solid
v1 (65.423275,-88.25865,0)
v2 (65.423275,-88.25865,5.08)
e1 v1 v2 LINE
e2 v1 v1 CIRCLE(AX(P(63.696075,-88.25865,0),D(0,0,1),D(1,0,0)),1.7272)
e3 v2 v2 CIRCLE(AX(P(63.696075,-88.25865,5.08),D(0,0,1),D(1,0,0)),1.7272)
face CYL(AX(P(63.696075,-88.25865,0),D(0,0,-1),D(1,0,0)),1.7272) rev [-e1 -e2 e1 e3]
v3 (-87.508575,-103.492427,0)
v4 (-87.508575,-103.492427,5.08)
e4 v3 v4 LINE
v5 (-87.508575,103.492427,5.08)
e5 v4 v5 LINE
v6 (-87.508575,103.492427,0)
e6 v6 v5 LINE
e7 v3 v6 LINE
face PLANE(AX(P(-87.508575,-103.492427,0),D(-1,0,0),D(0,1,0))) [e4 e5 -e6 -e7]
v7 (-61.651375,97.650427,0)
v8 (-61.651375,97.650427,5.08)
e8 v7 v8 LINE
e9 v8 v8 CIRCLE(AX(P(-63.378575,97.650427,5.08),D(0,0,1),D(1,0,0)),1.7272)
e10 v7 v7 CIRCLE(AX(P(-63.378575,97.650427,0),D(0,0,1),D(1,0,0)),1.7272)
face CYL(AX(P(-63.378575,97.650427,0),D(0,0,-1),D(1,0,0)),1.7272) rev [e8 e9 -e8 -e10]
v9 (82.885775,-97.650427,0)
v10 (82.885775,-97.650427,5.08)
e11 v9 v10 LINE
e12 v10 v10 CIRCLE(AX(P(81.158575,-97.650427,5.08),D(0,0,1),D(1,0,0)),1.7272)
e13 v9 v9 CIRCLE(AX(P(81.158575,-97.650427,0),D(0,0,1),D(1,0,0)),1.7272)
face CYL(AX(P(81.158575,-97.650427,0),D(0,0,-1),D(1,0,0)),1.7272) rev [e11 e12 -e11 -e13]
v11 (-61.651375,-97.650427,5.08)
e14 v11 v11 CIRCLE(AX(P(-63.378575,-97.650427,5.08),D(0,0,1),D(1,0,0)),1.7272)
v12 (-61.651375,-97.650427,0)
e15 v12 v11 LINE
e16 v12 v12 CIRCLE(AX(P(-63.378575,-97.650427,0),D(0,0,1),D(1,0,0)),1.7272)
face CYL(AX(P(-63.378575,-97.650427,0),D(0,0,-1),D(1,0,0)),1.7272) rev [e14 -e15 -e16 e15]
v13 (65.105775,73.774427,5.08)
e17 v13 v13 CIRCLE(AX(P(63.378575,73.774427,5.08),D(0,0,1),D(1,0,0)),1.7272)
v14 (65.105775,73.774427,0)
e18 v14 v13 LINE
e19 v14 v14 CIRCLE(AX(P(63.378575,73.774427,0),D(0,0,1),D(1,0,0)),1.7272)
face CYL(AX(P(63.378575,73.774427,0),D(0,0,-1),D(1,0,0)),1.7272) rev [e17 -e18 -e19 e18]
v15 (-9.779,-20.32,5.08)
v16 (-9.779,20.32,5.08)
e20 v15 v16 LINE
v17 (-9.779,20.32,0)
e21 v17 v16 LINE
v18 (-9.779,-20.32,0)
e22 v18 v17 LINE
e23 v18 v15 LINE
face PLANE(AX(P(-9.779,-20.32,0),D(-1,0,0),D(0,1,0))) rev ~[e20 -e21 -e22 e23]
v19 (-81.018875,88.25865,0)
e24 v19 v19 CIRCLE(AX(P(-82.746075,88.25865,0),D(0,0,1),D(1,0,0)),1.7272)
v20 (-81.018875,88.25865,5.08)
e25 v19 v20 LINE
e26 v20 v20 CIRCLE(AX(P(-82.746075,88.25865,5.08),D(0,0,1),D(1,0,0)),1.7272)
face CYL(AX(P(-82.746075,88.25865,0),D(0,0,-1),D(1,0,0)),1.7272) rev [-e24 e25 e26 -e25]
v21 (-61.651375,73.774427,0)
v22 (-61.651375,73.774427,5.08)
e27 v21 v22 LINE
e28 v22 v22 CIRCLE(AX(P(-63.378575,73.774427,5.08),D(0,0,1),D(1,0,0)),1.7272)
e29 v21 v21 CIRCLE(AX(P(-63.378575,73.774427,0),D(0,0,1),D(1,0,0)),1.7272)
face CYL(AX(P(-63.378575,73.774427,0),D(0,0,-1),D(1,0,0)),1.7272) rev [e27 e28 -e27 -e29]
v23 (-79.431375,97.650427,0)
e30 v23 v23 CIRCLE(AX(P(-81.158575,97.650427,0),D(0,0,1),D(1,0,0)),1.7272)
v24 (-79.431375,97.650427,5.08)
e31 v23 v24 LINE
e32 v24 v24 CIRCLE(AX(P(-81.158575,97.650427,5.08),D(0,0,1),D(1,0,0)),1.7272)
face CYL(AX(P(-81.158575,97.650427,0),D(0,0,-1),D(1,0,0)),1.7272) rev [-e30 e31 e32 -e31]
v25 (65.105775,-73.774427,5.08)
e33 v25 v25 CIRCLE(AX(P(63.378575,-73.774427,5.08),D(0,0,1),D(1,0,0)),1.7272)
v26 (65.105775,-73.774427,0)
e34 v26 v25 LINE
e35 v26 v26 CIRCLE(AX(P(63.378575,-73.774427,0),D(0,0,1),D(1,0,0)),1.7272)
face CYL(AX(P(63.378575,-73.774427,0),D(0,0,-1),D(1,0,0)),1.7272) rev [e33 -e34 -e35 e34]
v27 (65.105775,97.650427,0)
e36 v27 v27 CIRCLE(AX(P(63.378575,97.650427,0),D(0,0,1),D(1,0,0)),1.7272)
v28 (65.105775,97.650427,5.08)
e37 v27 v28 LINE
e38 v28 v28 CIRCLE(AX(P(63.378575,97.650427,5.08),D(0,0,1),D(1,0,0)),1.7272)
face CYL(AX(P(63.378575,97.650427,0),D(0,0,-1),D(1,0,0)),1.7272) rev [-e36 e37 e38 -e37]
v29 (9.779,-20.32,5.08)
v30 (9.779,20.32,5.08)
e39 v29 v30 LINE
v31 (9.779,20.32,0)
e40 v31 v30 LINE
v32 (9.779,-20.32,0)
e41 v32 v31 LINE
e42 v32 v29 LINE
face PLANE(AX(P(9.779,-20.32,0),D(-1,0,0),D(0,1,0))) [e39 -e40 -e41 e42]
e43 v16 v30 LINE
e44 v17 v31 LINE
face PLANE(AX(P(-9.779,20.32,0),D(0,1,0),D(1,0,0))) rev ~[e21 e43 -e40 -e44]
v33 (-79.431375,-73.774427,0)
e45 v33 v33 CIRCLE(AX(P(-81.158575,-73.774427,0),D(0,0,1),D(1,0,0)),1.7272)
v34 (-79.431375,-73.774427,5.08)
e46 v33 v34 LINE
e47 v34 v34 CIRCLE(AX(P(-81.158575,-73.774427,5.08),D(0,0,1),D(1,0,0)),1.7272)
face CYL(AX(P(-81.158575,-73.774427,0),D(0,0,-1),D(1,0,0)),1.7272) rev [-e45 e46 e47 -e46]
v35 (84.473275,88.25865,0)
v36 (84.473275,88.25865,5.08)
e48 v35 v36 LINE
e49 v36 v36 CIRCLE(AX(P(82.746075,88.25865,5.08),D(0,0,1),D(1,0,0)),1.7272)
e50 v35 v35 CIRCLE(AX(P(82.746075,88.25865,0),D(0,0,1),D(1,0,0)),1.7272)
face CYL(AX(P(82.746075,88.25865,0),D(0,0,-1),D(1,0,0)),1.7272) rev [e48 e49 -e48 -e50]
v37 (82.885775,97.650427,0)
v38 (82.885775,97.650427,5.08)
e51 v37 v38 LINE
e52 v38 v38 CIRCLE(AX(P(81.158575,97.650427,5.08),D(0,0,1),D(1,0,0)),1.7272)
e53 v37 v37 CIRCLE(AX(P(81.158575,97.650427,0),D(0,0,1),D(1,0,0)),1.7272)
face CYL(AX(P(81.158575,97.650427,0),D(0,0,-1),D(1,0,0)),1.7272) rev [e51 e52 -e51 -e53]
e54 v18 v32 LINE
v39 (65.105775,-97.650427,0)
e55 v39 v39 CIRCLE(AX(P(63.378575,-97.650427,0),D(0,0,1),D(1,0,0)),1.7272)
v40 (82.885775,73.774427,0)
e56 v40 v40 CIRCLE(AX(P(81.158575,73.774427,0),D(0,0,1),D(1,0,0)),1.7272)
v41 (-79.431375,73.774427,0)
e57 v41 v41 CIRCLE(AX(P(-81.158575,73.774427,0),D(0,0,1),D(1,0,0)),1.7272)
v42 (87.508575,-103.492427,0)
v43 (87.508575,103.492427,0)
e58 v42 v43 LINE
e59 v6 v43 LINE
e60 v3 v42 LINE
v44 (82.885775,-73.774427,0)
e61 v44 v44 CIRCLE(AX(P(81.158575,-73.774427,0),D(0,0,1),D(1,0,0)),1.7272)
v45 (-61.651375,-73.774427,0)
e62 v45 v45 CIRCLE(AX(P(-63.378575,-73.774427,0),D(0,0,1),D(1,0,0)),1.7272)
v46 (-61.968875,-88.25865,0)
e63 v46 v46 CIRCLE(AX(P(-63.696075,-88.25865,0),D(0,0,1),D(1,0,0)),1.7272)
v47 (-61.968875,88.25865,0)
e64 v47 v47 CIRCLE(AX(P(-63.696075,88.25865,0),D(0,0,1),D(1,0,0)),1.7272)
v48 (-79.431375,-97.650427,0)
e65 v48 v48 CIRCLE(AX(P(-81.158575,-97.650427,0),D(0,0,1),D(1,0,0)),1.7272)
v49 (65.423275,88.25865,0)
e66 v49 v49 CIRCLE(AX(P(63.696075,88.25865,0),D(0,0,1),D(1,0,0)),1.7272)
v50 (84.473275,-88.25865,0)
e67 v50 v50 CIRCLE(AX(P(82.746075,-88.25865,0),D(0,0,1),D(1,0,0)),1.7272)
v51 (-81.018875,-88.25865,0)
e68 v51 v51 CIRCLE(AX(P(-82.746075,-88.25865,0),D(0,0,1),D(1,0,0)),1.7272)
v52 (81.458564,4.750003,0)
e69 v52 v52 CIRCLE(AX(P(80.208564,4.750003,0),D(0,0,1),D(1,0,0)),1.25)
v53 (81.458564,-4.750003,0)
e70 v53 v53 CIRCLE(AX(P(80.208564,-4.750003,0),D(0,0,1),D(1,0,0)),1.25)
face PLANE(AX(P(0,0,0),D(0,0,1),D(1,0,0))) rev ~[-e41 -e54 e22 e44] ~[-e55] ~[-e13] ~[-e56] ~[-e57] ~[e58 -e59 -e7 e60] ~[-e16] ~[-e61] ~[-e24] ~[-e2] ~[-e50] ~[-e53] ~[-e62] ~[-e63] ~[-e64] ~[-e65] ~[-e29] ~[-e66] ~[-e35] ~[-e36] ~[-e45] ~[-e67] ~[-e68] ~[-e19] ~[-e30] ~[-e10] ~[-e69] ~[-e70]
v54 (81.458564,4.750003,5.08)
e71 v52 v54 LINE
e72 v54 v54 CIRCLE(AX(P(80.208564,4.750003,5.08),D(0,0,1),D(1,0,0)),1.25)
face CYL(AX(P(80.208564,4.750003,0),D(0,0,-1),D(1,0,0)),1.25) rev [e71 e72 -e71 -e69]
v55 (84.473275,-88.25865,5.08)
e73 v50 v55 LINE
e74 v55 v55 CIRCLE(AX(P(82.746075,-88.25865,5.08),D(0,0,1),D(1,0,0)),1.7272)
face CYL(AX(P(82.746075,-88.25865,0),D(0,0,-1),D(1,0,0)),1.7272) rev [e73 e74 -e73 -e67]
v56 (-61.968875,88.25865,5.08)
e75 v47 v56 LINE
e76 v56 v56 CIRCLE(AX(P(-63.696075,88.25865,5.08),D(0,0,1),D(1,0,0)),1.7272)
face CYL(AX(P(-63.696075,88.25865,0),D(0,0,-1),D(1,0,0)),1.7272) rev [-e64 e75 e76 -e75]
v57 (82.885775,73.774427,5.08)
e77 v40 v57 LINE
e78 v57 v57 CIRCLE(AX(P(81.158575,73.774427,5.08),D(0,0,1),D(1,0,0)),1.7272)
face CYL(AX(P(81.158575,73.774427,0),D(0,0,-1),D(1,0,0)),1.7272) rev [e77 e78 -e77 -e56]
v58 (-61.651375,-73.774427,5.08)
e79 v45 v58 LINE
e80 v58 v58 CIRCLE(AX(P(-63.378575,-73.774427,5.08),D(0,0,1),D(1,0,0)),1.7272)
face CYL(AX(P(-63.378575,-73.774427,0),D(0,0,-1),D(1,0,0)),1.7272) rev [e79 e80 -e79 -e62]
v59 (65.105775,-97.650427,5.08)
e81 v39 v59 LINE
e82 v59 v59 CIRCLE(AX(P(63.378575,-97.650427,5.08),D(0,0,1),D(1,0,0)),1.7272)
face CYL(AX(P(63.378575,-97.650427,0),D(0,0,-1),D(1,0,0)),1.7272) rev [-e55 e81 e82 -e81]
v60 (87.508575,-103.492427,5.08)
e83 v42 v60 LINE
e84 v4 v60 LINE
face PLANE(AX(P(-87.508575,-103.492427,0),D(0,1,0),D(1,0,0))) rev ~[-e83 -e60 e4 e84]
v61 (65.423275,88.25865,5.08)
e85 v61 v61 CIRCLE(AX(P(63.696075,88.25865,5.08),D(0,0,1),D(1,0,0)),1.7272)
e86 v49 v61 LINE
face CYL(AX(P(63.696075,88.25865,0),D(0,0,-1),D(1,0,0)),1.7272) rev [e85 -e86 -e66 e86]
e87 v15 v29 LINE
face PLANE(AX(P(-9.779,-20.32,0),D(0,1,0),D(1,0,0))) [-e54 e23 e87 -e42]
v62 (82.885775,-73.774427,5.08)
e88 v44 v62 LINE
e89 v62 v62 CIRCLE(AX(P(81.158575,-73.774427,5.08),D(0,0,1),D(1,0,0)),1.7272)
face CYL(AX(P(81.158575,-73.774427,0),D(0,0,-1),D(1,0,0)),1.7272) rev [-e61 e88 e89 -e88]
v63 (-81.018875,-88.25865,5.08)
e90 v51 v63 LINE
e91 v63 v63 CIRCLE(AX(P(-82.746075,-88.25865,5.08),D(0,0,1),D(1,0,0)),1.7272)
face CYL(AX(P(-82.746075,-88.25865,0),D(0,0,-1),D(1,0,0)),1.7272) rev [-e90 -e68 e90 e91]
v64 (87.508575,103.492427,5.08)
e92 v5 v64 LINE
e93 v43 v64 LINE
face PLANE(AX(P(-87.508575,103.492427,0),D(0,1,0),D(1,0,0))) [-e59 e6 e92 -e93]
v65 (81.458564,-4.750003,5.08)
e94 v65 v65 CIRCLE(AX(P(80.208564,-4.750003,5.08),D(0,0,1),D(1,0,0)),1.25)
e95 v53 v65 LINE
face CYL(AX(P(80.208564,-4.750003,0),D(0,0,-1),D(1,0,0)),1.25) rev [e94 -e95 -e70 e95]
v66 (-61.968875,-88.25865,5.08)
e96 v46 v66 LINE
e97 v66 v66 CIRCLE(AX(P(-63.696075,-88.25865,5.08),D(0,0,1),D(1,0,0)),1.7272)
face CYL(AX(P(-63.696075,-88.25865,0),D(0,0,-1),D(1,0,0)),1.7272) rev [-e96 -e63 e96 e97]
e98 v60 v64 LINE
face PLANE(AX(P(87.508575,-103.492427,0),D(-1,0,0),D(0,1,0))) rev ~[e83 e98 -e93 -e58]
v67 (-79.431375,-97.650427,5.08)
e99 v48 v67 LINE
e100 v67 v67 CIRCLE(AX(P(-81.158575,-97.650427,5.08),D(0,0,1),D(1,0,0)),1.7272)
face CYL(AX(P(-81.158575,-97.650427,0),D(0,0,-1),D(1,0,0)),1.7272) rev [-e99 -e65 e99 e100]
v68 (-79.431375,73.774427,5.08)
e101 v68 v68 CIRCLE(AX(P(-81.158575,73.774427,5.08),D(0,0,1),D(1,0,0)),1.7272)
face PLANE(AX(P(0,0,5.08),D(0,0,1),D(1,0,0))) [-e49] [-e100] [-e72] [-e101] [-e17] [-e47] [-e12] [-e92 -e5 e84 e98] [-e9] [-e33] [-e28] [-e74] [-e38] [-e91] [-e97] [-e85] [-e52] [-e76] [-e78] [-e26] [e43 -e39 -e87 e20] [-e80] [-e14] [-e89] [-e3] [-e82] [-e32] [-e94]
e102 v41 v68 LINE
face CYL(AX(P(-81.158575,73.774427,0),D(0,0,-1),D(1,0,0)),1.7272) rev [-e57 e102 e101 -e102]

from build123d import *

# Parameters (mm, degrees)
F0_W     = 175.01715
F0_H     = 206.984854
F0_R     = 1.7272
F0_W_2   = 19.558
F0_H_2   = 40.64
F0_R_2   = 1.25
F1_DEPTH = 5.08


with BuildPart() as f1:
    # F0 (on Top) → F1 (new body)
    with BuildSketch(Plane.XY):
        Rectangle(F0_W, F0_H)
        with Locations((-81.158575, -97.650427)):
            Circle(F0_R, mode=Mode.SUBTRACT)
        with Locations((-82.746075, -88.25865)):
            Circle(F0_R, mode=Mode.SUBTRACT)
        with Locations((-63.378575, -97.650427)):
            Circle(F0_R, mode=Mode.SUBTRACT)
        with Locations((-63.696075, -88.25865)):
            Circle(F0_R, mode=Mode.SUBTRACT)
        with Locations((-81.158575, -73.774427)):
            Circle(F0_R, mode=Mode.SUBTRACT)
        with Locations((-63.378575, -73.774427)):
            Circle(F0_R, mode=Mode.SUBTRACT)
        with Locations((63.378575, -97.650427)):
            Circle(F0_R, mode=Mode.SUBTRACT)
        with Locations((63.696075, -88.25865)):
            Circle(F0_R, mode=Mode.SUBTRACT)
        with Locations((81.158575, -97.650427)):
            Circle(F0_R, mode=Mode.SUBTRACT)
        with Locations((82.746075, -88.25865)):
            Circle(F0_R, mode=Mode.SUBTRACT)
        with Locations((63.378575, -73.774427)):
            Circle(F0_R, mode=Mode.SUBTRACT)
        with Locations((81.158575, -73.774427)):
            Circle(F0_R, mode=Mode.SUBTRACT)
        Rectangle(F0_W_2, F0_H_2, mode=Mode.SUBTRACT)
        with Locations((80.208564, -4.750003)):
            Circle(F0_R_2, mode=Mode.SUBTRACT)
        with Locations((-81.158575, 73.774427)):
            Circle(F0_R, mode=Mode.SUBTRACT)
        with Locations((-63.378575, 73.774427)):
            Circle(F0_R, mode=Mode.SUBTRACT)
        with Locations((-82.746075, 88.25865)):
            Circle(F0_R, mode=Mode.SUBTRACT)
        with Locations((-81.158575, 97.650427)):
            Circle(F0_R, mode=Mode.SUBTRACT)
        with Locations((-63.696075, 88.25865)):
            Circle(F0_R, mode=Mode.SUBTRACT)
        with Locations((-63.378575, 97.650427)):
            Circle(F0_R, mode=Mode.SUBTRACT)
        with Locations((80.208564, 4.750003)):
            Circle(F0_R_2, mode=Mode.SUBTRACT)
        with Locations((63.378575, 73.774427)):
            Circle(F0_R, mode=Mode.SUBTRACT)
        with Locations((81.158575, 73.774427)):
            Circle(F0_R, mode=Mode.SUBTRACT)
        with Locations((63.696075, 88.25865)):
            Circle(F0_R, mode=Mode.SUBTRACT)
        with Locations((63.378575, 97.650427)):
            Circle(F0_R, mode=Mode.SUBTRACT)
        with Locations((82.746075, 88.25865)):
            Circle(F0_R, mode=Mode.SUBTRACT)
        with Locations((81.158575, 97.650427)):
            Circle(F0_R, mode=Mode.SUBTRACT)
    extrude(amount=F1_DEPTH)


solid = f1.part
